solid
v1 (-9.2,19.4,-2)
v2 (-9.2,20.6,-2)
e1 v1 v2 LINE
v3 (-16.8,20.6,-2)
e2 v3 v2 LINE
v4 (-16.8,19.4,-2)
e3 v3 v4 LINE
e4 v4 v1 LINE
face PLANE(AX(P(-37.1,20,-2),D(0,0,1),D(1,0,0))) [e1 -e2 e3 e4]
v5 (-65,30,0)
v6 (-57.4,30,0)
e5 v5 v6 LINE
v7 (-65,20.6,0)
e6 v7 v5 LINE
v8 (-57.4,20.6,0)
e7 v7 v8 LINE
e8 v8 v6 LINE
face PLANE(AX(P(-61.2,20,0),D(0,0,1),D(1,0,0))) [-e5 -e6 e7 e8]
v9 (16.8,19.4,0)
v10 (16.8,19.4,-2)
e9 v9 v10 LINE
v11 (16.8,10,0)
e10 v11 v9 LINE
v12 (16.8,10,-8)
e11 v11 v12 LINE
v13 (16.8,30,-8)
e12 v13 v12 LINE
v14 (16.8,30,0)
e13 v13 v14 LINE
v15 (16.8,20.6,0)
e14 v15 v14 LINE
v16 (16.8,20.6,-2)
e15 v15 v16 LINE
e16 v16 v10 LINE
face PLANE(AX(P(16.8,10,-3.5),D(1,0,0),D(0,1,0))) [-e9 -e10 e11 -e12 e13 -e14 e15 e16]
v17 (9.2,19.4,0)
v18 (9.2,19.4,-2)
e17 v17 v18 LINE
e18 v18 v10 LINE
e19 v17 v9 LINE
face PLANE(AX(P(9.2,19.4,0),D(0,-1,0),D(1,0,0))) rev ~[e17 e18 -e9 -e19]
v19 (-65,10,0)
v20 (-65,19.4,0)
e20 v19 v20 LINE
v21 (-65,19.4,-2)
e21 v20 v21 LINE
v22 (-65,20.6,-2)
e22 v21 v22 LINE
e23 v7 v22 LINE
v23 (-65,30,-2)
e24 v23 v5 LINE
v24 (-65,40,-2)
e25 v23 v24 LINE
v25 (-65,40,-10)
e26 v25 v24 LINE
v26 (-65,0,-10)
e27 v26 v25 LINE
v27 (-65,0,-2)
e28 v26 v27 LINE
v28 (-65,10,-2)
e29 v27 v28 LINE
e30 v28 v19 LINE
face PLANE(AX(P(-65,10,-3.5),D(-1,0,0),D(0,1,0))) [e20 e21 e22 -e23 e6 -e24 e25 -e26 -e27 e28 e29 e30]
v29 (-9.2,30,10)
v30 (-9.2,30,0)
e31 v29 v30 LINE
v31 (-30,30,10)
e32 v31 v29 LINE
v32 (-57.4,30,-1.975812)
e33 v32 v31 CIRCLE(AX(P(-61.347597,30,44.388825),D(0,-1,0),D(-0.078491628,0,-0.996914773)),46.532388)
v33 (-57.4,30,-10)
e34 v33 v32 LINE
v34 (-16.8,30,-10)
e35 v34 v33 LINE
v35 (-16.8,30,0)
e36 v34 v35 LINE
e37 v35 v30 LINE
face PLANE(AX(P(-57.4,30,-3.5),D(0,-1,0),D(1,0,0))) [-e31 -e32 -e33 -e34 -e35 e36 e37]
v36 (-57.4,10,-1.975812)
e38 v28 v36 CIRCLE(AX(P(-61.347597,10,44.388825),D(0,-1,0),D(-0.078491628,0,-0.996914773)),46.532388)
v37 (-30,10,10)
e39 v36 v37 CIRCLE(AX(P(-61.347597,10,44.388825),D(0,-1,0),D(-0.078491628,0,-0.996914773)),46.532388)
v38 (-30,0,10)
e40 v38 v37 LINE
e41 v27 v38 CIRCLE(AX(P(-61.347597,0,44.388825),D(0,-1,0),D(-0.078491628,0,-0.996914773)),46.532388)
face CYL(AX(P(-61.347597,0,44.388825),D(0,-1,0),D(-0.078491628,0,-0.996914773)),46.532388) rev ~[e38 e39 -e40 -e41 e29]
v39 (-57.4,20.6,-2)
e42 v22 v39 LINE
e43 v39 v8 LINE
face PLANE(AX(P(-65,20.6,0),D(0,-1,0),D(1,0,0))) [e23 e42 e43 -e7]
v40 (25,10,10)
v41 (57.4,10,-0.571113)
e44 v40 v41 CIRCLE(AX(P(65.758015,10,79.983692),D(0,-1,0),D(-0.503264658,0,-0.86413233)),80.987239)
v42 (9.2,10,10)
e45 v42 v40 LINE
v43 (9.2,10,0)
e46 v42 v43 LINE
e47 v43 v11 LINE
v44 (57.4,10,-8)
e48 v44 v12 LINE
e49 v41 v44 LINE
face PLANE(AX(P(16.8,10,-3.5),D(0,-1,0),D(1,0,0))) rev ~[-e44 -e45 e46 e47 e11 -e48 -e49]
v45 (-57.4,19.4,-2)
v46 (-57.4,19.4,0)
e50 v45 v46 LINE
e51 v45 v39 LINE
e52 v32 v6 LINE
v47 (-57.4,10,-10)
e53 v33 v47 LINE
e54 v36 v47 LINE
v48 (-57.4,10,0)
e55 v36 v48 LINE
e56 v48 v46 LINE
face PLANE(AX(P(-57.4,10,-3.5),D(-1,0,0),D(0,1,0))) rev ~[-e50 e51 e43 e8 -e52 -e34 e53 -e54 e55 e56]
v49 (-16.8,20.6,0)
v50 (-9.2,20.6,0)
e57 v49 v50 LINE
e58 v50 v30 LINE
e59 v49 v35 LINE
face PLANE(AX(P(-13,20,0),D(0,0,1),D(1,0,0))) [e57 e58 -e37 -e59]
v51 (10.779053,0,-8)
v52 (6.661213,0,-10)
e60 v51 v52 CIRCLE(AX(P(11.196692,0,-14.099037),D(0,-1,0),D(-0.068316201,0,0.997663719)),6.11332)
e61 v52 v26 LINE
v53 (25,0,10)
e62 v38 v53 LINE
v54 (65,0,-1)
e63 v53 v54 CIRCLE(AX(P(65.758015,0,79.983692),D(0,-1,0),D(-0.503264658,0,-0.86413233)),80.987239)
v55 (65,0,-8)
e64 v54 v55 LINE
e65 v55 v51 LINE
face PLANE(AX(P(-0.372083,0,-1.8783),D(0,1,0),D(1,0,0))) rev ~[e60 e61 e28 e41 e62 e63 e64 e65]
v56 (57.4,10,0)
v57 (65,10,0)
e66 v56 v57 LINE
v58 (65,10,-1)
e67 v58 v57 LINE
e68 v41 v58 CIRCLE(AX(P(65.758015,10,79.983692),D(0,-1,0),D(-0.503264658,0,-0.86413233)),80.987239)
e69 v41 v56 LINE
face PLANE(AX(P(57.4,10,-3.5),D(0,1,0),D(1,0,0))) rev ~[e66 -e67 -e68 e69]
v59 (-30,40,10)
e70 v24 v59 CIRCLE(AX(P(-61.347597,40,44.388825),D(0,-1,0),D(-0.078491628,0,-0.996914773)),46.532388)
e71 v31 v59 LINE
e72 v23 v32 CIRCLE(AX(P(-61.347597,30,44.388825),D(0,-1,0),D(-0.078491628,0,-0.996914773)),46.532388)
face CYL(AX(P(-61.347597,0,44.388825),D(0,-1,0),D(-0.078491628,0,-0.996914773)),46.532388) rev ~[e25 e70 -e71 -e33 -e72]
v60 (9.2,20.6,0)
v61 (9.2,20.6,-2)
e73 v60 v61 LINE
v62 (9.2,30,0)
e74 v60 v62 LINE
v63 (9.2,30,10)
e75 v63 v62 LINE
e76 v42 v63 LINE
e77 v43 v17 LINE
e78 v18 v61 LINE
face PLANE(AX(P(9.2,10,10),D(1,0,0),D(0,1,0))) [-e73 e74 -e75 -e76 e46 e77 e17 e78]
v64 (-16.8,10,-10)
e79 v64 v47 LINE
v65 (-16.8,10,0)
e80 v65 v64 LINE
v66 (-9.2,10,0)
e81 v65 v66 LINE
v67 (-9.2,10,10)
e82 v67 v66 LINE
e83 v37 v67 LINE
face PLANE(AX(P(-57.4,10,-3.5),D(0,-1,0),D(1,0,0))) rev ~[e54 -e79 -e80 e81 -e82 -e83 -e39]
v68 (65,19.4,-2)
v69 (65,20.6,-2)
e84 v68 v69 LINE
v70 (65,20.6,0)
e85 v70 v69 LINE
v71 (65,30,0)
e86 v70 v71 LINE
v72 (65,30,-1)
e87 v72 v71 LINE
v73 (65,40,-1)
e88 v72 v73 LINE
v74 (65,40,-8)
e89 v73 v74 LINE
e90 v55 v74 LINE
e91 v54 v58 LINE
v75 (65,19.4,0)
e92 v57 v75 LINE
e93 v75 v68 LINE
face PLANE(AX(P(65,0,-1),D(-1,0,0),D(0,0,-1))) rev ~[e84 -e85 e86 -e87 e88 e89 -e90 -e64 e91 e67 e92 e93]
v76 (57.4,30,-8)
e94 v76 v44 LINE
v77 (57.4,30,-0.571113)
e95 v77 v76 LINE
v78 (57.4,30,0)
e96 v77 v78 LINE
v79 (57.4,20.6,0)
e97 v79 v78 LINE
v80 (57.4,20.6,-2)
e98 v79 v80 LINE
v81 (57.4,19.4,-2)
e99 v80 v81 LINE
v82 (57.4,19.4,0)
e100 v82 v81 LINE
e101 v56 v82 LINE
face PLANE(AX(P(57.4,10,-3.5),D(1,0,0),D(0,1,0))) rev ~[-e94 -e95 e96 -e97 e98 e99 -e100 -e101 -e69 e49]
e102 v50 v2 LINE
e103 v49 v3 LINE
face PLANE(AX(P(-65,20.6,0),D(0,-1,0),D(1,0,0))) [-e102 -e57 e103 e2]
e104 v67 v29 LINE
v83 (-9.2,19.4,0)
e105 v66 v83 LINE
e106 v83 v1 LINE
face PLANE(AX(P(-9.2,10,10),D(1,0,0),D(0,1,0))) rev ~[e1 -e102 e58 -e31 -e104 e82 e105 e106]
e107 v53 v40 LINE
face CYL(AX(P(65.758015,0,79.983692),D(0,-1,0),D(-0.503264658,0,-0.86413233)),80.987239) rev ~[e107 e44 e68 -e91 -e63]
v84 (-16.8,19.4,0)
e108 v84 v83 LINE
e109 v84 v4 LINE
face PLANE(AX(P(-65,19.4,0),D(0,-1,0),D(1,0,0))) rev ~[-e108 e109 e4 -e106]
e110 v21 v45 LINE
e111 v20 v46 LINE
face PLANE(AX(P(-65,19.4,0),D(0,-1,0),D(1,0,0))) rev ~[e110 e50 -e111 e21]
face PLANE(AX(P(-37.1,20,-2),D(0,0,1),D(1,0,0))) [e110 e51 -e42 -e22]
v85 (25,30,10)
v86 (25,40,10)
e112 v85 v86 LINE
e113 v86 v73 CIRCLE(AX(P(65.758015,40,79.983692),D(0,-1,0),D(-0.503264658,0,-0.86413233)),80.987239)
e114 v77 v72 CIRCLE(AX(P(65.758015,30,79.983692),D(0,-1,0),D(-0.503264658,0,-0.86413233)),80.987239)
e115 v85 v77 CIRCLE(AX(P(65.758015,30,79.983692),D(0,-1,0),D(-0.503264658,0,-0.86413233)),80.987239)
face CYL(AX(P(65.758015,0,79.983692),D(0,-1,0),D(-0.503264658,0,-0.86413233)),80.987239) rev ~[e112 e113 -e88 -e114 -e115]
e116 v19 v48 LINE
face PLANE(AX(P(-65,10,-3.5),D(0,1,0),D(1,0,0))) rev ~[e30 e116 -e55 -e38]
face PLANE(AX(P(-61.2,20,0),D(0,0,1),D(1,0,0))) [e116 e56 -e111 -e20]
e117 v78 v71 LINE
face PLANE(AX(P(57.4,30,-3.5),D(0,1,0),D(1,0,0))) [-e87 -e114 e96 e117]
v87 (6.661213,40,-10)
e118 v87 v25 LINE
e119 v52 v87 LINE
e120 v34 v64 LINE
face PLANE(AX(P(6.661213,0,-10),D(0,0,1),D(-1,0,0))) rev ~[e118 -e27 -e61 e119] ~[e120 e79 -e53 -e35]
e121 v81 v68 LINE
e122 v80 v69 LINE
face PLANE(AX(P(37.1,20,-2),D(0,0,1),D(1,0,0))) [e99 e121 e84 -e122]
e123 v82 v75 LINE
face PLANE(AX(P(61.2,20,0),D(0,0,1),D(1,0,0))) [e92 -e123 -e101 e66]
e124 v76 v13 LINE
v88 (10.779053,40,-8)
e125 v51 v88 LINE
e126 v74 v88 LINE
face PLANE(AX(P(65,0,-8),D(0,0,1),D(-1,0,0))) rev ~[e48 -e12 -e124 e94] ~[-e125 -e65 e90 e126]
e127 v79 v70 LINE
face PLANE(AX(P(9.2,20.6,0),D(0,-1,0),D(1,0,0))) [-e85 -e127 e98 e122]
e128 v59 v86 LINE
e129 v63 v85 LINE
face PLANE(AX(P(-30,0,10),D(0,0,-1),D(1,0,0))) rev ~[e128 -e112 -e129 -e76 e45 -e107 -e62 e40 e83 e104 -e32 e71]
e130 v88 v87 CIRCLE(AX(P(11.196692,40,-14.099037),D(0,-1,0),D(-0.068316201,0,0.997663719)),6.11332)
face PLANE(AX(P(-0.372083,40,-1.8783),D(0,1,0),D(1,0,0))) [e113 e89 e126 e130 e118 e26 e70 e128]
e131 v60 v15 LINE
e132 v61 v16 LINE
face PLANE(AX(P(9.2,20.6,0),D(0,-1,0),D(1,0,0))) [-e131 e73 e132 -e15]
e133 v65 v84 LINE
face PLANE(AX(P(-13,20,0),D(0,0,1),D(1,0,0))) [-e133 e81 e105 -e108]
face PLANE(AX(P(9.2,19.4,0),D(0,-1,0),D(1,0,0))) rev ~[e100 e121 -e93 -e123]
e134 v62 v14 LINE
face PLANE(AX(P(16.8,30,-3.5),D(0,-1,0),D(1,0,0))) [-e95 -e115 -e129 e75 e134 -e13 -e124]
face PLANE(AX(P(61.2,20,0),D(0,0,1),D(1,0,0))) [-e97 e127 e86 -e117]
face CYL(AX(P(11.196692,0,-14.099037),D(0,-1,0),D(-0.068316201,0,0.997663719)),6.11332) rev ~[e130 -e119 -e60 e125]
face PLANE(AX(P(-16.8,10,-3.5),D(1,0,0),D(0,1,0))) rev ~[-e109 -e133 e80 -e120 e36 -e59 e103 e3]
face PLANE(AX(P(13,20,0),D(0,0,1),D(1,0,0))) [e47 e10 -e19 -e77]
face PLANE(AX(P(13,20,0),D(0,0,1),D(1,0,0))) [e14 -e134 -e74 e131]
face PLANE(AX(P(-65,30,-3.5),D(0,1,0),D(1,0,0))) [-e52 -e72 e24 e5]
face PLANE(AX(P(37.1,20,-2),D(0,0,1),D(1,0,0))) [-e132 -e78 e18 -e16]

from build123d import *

# Parameters (mm, degrees)
BOSS_EXTRUDE1_DEPTH = 40
SKETCH2_W           = 55.8
SKETCH2_H           = 20
CUT_EXTRUDE1_DEPTH  = 13.5
CUT_EXTRUDE2_REACH  = 79.506
SKETCH3_W           = 40.6
SKETCH3_H           = 20
SKETCH4_W           = 7.6
SKETCH4_H           = 20
BOSS_EXTRUDE2_DEPTH = 3.5
SKETCH5_W           = 55.8
SKETCH5_H           = 1.2
CUT_EXTRUDE3_DEPTH  = 2
SKETCH6_W           = 55.8
SKETCH6_H           = 1.2
CUT_EXTRUDE4_DEPTH  = 2


with BuildPart() as part:
    # Sketch1 → Boss-Extrude1 (new body)
    with BuildSketch(Plane(origin=(0, 0, 0), x_dir=(1, 0, 0), z_dir=(0, 1, 0))):
        with BuildLine():
            Line((65, 8), (23.977973373, 8))
            Line((23.977973373, 8), (10.779053292, 8))
            ThreePointArc((10.779053292, 8), (8.525859954, 8.600007042), (6.661212966, 10))
            Line((6.661212966, 10), (-20, 10))
            Line((-20, 10), (-65, 10))
            Line((-65, 10), (-65, 2))
            ThreePointArc((-65, 2), (-46.256011847, -0.371701222), (-30, -10))
            Line((-30, -10), (-20, -10))
            Line((-20, -10), (17.838709677, -10))
            Line((17.838709677, -10), (20, -10))
            Line((20, -10), (25, -10))
            ThreePointArc((25, -10), (44.283723708, -1.895358938), (65, 1))
            Line((65, 1), (65, 8))
        make_face()
    extrude(amount=BOSS_EXTRUDE1_DEPTH)

    # Sketch2 → Cut-Extrude1 (cut)
    with BuildSketch(Plane.XY.offset(10)):
        with Locations((37.1, 20)):
            Rectangle(SKETCH2_W, SKETCH2_H)
        with Locations((-37.1, 20)):
            Rectangle(SKETCH2_W, SKETCH2_H)
    extrude(amount=-CUT_EXTRUDE1_DEPTH, mode=Mode.SUBTRACT)

    # Sketch3 → Cut-Extrude2 (cut, up to next)
    with BuildSketch(Plane.XY.offset(-3.5), mode=Mode.PRIVATE) as cut_extrude2_sk1:
        with Locations((-37.1, 20)):
            Rectangle(SKETCH3_W, SKETCH3_H)
    cut_extrude2_tool1 = extrude(cut_extrude2_sk1.sketch, amount=-CUT_EXTRUDE2_REACH, mode=Mode.PRIVATE) & part.part
    # Sketch3 → Cut-Extrude2 (cut, up to next)
    with BuildSketch(Plane.XY.offset(-3.5), mode=Mode.PRIVATE) as cut_extrude2_sk2:
        with Locations((37.1, 20)):
            Rectangle(SKETCH3_W, SKETCH3_H)
    cut_extrude2_tool2 = extrude(cut_extrude2_sk2.sketch, amount=-CUT_EXTRUDE2_REACH, mode=Mode.PRIVATE) & part.part
    add(cut_extrude2_tool1.solids().sort_by_distance((-37.1, 20, -3.5))[0], mode=Mode.SUBTRACT)
    add(cut_extrude2_tool2.solids().sort_by_distance((37.1, 20, -3.5))[0], mode=Mode.SUBTRACT)

    # Sketch4 → Boss-Extrude2 (add)
    with BuildSketch(Plane.XY.offset(-3.5)):
        with Locations((-61.2, 20)):
            Rectangle(SKETCH4_W, SKETCH4_H)
        with Locations((-13, 20)):
            Rectangle(SKETCH4_W, SKETCH4_H)
        with Locations((13, 20)):
            Rectangle(SKETCH4_W, SKETCH4_H)
        with Locations((61.2, 20)):
            Rectangle(SKETCH4_W, SKETCH4_H)
    extrude(amount=BOSS_EXTRUDE2_DEPTH)

    # Sketch5 → Cut-Extrude3 (cut)
    with BuildSketch(Plane.XY):
        with Locations((-37.1, 20)):
            Rectangle(SKETCH5_W, SKETCH5_H)
    extrude(amount=-CUT_EXTRUDE3_DEPTH, mode=Mode.SUBTRACT)

    # Sketch6 → Cut-Extrude4 (cut)
    with BuildSketch(Plane.XY):
        with Locations((37.1, 20)):
            Rectangle(SKETCH6_W, SKETCH6_H)
    extrude(amount=-CUT_EXTRUDE4_DEPTH, mode=Mode.SUBTRACT)


solid = part.part
